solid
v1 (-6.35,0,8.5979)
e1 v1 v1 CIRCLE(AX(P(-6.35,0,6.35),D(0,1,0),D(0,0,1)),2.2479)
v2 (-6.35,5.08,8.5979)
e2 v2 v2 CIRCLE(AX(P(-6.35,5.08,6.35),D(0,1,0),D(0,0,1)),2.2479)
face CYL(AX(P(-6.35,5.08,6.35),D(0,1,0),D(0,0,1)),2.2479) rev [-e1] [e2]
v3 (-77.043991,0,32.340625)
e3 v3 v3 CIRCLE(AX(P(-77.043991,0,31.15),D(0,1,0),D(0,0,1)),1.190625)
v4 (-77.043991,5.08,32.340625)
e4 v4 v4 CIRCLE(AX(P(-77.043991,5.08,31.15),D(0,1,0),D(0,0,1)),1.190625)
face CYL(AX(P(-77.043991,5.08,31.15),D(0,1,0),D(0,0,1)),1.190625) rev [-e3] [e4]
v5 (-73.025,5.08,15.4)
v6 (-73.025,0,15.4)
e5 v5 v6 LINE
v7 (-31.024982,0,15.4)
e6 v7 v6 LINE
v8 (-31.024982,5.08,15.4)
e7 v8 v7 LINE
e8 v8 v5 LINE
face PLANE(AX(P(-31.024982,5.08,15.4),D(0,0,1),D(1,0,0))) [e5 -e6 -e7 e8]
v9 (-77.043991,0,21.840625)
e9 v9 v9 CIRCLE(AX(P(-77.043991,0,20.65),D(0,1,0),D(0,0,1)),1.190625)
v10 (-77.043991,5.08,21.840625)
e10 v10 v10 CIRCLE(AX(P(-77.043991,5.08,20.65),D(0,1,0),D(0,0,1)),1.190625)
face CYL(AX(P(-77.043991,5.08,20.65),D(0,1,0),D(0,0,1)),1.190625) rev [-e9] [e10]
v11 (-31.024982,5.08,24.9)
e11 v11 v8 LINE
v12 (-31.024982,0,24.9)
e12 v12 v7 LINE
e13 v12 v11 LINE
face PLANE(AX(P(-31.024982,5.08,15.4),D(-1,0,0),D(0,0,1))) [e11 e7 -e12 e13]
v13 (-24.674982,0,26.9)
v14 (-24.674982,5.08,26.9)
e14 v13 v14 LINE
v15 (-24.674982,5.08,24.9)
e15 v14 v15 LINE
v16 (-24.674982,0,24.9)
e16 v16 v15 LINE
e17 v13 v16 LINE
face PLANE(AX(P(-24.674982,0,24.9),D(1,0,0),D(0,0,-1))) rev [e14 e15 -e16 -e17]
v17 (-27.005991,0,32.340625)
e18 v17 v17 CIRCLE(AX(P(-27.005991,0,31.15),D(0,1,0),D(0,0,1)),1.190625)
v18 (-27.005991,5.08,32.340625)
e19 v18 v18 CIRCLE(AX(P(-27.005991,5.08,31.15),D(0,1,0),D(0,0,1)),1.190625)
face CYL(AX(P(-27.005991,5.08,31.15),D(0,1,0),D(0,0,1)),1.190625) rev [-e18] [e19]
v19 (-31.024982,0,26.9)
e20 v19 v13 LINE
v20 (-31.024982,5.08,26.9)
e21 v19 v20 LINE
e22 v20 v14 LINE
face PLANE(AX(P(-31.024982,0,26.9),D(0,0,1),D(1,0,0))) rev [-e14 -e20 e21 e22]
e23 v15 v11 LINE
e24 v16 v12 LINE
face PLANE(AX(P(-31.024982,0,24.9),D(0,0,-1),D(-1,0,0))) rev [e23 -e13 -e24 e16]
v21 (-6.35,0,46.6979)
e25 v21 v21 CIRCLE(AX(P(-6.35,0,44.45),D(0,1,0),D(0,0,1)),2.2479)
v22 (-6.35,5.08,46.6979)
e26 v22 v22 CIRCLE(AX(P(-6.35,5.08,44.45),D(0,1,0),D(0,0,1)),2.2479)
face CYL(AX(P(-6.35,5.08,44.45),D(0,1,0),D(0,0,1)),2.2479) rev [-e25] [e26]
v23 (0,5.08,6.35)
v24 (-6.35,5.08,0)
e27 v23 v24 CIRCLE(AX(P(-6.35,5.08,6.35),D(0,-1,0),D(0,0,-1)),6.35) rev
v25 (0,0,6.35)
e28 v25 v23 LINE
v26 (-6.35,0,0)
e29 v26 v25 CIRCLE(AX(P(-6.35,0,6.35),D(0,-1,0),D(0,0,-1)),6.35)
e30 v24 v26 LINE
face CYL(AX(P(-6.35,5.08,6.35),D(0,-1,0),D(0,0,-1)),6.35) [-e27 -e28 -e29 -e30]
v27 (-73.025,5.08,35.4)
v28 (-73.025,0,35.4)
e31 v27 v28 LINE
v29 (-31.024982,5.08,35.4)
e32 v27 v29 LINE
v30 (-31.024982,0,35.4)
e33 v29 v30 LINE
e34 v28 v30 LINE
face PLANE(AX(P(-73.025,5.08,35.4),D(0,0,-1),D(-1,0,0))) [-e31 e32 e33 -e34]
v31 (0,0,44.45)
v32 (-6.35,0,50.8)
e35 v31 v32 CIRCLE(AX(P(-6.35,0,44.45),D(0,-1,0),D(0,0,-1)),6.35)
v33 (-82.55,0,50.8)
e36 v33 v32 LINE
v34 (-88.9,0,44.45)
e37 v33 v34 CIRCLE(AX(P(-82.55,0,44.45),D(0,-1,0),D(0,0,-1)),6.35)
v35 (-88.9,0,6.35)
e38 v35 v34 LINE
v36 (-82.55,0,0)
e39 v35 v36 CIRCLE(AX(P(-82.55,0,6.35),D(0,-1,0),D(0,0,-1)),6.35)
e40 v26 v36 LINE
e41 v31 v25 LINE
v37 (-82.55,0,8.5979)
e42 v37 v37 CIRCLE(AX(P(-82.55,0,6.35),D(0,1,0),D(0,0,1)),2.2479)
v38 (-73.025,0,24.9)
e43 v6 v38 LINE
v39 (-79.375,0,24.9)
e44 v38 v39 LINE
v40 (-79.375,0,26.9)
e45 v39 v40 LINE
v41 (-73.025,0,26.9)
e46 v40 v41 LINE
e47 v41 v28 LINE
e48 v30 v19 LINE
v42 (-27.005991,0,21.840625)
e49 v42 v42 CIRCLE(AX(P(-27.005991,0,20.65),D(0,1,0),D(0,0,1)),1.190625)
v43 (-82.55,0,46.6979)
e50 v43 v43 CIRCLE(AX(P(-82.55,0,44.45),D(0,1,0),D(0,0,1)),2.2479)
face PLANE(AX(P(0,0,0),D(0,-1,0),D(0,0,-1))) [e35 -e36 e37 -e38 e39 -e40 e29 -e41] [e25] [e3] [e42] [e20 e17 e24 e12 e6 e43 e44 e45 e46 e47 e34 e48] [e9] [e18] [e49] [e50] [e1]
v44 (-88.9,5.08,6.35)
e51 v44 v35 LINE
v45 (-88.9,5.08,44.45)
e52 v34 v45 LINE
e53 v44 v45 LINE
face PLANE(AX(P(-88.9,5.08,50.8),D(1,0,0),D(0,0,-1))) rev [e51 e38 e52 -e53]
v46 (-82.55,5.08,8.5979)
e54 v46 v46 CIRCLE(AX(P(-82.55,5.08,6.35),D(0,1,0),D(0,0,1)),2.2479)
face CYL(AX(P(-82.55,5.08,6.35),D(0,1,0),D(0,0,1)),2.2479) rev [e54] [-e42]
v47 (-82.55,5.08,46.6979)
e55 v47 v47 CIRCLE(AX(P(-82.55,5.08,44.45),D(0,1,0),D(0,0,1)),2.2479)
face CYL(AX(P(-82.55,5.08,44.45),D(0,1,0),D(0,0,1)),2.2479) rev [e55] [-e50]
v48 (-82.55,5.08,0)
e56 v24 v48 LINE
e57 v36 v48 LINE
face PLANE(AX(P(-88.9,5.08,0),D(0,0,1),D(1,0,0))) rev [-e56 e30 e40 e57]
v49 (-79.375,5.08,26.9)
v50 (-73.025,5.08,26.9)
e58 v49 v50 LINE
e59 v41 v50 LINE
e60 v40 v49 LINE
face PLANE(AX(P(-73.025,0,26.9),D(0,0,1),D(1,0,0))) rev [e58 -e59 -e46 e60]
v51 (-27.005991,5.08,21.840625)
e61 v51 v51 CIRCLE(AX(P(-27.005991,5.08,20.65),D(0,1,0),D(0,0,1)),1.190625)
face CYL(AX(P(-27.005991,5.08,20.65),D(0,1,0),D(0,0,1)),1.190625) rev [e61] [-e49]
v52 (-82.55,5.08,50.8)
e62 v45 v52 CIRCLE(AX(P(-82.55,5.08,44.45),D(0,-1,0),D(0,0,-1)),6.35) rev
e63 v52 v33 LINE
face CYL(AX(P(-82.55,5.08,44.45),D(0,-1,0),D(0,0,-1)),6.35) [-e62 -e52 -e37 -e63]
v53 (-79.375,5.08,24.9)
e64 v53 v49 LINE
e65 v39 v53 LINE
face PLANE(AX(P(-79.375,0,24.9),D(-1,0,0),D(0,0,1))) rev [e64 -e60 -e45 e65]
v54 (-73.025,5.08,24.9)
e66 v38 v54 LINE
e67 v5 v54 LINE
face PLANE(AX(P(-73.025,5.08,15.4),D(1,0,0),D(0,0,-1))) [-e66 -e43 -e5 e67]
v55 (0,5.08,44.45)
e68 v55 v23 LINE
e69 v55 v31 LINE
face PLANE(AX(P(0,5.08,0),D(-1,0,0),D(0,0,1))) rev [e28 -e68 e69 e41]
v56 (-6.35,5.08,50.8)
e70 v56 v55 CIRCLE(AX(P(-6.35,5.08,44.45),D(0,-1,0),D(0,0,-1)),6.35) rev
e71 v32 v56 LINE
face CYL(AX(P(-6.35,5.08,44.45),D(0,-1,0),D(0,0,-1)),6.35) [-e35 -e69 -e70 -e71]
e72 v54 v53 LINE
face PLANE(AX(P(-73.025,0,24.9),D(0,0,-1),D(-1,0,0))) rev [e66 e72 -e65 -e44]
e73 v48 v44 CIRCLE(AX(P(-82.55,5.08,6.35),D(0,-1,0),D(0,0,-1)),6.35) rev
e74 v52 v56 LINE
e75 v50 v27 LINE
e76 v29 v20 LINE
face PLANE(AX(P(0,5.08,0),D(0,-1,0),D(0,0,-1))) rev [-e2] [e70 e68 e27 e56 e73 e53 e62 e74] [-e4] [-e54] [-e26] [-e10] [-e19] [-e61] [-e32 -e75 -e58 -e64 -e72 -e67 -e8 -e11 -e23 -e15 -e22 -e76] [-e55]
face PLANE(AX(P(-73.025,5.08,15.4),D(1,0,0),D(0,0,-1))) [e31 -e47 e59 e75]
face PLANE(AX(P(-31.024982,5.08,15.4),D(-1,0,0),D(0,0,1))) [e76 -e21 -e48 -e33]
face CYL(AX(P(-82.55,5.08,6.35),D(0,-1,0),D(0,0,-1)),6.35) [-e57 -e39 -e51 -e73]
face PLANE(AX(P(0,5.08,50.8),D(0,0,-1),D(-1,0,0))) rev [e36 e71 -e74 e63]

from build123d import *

# Parameters (mm, degrees)
SKETCH1_W                       = 88.9
SKETCH1_H                       = 50.8
SKETCH1_W_2                     = 42.0000176
SKETCH1_H_2                     = 20
BOSS_EXTRUDE1_DEPTH             = 5.08
F_3_32_0_09375_DIAMETER_HOLE1_D = 2.38125
SKETCH4_W                       = 6.35
SKETCH4_H                       = 2
CUT_EXTRUDE1_DEPTH              = 6.08
FILLET2_R                       = 6.35
F_8_CLEARANCE_HOLE1_D           = 4.4958


with BuildPart() as part:
    # Sketch1 → Boss-Extrude1 (new body)
    with BuildSketch(Plane(origin=(0, 0, 0), x_dir=(1, 0, 0), z_dir=(0, 1, 0))):
        with Locations((-44.45, -25.4)):
            Rectangle(SKETCH1_W, SKETCH1_H)
        with Locations((-52.0249912, -25.4)):
            Rectangle(SKETCH1_W_2, SKETCH1_H_2, mode=Mode.SUBTRACT)
    extrude(amount=BOSS_EXTRUDE1_DEPTH)

    # 3/32 (0.09375) Diameter Hole1 (through all)
    with Locations(Plane(origin=(0, 5.08, 0), x_dir=(1, 0, 0), z_dir=(0, 1, 0))):
        with Locations((-77.0439912, -31.15), (-77.0439912, -20.65), (-27.0059912, -31.15), (-27.0059912, -20.65)):
            Hole(F_3_32_0_09375_DIAMETER_HOLE1_D / 2)

    # Sketch4 → Cut-Extrude1 (cut, through all)
    with BuildSketch(Plane(origin=(0, 5.08, 0), x_dir=(1, 0, 0), z_dir=(0, 1, 0))):
        with Locations((-76.2, -25.9)):
            Rectangle(SKETCH4_W, SKETCH4_H)
        with Locations((-27.8499824, -25.9)):
            Rectangle(SKETCH4_W, SKETCH4_H)
    extrude(amount=-CUT_EXTRUDE1_DEPTH, mode=Mode.SUBTRACT)

    # Fillet2
    fillet2_edges = [part.edges().sort_by_distance(p)[0] for p in [
        (-88.9, 2.54, 0),
        (0, 2.54, 0),
        (0, 2.54, 50.8),
        (-88.9, 2.54, 50.8),
    ]]
    fillet(fillet2_edges, radius=FILLET2_R)

    # #8 Clearance Hole1 (through all)
    with Locations(Plane(origin=(0, 5.08, 0), x_dir=(1, 0, 0), z_dir=(0, 1, 0))):
        with Locations((-82.55, -6.35), (-82.55, -44.45), (-6.35, -6.35), (-6.35, -44.45)):
            Hole(F_8_CLEARANCE_HOLE1_D / 2)


solid = part.part
